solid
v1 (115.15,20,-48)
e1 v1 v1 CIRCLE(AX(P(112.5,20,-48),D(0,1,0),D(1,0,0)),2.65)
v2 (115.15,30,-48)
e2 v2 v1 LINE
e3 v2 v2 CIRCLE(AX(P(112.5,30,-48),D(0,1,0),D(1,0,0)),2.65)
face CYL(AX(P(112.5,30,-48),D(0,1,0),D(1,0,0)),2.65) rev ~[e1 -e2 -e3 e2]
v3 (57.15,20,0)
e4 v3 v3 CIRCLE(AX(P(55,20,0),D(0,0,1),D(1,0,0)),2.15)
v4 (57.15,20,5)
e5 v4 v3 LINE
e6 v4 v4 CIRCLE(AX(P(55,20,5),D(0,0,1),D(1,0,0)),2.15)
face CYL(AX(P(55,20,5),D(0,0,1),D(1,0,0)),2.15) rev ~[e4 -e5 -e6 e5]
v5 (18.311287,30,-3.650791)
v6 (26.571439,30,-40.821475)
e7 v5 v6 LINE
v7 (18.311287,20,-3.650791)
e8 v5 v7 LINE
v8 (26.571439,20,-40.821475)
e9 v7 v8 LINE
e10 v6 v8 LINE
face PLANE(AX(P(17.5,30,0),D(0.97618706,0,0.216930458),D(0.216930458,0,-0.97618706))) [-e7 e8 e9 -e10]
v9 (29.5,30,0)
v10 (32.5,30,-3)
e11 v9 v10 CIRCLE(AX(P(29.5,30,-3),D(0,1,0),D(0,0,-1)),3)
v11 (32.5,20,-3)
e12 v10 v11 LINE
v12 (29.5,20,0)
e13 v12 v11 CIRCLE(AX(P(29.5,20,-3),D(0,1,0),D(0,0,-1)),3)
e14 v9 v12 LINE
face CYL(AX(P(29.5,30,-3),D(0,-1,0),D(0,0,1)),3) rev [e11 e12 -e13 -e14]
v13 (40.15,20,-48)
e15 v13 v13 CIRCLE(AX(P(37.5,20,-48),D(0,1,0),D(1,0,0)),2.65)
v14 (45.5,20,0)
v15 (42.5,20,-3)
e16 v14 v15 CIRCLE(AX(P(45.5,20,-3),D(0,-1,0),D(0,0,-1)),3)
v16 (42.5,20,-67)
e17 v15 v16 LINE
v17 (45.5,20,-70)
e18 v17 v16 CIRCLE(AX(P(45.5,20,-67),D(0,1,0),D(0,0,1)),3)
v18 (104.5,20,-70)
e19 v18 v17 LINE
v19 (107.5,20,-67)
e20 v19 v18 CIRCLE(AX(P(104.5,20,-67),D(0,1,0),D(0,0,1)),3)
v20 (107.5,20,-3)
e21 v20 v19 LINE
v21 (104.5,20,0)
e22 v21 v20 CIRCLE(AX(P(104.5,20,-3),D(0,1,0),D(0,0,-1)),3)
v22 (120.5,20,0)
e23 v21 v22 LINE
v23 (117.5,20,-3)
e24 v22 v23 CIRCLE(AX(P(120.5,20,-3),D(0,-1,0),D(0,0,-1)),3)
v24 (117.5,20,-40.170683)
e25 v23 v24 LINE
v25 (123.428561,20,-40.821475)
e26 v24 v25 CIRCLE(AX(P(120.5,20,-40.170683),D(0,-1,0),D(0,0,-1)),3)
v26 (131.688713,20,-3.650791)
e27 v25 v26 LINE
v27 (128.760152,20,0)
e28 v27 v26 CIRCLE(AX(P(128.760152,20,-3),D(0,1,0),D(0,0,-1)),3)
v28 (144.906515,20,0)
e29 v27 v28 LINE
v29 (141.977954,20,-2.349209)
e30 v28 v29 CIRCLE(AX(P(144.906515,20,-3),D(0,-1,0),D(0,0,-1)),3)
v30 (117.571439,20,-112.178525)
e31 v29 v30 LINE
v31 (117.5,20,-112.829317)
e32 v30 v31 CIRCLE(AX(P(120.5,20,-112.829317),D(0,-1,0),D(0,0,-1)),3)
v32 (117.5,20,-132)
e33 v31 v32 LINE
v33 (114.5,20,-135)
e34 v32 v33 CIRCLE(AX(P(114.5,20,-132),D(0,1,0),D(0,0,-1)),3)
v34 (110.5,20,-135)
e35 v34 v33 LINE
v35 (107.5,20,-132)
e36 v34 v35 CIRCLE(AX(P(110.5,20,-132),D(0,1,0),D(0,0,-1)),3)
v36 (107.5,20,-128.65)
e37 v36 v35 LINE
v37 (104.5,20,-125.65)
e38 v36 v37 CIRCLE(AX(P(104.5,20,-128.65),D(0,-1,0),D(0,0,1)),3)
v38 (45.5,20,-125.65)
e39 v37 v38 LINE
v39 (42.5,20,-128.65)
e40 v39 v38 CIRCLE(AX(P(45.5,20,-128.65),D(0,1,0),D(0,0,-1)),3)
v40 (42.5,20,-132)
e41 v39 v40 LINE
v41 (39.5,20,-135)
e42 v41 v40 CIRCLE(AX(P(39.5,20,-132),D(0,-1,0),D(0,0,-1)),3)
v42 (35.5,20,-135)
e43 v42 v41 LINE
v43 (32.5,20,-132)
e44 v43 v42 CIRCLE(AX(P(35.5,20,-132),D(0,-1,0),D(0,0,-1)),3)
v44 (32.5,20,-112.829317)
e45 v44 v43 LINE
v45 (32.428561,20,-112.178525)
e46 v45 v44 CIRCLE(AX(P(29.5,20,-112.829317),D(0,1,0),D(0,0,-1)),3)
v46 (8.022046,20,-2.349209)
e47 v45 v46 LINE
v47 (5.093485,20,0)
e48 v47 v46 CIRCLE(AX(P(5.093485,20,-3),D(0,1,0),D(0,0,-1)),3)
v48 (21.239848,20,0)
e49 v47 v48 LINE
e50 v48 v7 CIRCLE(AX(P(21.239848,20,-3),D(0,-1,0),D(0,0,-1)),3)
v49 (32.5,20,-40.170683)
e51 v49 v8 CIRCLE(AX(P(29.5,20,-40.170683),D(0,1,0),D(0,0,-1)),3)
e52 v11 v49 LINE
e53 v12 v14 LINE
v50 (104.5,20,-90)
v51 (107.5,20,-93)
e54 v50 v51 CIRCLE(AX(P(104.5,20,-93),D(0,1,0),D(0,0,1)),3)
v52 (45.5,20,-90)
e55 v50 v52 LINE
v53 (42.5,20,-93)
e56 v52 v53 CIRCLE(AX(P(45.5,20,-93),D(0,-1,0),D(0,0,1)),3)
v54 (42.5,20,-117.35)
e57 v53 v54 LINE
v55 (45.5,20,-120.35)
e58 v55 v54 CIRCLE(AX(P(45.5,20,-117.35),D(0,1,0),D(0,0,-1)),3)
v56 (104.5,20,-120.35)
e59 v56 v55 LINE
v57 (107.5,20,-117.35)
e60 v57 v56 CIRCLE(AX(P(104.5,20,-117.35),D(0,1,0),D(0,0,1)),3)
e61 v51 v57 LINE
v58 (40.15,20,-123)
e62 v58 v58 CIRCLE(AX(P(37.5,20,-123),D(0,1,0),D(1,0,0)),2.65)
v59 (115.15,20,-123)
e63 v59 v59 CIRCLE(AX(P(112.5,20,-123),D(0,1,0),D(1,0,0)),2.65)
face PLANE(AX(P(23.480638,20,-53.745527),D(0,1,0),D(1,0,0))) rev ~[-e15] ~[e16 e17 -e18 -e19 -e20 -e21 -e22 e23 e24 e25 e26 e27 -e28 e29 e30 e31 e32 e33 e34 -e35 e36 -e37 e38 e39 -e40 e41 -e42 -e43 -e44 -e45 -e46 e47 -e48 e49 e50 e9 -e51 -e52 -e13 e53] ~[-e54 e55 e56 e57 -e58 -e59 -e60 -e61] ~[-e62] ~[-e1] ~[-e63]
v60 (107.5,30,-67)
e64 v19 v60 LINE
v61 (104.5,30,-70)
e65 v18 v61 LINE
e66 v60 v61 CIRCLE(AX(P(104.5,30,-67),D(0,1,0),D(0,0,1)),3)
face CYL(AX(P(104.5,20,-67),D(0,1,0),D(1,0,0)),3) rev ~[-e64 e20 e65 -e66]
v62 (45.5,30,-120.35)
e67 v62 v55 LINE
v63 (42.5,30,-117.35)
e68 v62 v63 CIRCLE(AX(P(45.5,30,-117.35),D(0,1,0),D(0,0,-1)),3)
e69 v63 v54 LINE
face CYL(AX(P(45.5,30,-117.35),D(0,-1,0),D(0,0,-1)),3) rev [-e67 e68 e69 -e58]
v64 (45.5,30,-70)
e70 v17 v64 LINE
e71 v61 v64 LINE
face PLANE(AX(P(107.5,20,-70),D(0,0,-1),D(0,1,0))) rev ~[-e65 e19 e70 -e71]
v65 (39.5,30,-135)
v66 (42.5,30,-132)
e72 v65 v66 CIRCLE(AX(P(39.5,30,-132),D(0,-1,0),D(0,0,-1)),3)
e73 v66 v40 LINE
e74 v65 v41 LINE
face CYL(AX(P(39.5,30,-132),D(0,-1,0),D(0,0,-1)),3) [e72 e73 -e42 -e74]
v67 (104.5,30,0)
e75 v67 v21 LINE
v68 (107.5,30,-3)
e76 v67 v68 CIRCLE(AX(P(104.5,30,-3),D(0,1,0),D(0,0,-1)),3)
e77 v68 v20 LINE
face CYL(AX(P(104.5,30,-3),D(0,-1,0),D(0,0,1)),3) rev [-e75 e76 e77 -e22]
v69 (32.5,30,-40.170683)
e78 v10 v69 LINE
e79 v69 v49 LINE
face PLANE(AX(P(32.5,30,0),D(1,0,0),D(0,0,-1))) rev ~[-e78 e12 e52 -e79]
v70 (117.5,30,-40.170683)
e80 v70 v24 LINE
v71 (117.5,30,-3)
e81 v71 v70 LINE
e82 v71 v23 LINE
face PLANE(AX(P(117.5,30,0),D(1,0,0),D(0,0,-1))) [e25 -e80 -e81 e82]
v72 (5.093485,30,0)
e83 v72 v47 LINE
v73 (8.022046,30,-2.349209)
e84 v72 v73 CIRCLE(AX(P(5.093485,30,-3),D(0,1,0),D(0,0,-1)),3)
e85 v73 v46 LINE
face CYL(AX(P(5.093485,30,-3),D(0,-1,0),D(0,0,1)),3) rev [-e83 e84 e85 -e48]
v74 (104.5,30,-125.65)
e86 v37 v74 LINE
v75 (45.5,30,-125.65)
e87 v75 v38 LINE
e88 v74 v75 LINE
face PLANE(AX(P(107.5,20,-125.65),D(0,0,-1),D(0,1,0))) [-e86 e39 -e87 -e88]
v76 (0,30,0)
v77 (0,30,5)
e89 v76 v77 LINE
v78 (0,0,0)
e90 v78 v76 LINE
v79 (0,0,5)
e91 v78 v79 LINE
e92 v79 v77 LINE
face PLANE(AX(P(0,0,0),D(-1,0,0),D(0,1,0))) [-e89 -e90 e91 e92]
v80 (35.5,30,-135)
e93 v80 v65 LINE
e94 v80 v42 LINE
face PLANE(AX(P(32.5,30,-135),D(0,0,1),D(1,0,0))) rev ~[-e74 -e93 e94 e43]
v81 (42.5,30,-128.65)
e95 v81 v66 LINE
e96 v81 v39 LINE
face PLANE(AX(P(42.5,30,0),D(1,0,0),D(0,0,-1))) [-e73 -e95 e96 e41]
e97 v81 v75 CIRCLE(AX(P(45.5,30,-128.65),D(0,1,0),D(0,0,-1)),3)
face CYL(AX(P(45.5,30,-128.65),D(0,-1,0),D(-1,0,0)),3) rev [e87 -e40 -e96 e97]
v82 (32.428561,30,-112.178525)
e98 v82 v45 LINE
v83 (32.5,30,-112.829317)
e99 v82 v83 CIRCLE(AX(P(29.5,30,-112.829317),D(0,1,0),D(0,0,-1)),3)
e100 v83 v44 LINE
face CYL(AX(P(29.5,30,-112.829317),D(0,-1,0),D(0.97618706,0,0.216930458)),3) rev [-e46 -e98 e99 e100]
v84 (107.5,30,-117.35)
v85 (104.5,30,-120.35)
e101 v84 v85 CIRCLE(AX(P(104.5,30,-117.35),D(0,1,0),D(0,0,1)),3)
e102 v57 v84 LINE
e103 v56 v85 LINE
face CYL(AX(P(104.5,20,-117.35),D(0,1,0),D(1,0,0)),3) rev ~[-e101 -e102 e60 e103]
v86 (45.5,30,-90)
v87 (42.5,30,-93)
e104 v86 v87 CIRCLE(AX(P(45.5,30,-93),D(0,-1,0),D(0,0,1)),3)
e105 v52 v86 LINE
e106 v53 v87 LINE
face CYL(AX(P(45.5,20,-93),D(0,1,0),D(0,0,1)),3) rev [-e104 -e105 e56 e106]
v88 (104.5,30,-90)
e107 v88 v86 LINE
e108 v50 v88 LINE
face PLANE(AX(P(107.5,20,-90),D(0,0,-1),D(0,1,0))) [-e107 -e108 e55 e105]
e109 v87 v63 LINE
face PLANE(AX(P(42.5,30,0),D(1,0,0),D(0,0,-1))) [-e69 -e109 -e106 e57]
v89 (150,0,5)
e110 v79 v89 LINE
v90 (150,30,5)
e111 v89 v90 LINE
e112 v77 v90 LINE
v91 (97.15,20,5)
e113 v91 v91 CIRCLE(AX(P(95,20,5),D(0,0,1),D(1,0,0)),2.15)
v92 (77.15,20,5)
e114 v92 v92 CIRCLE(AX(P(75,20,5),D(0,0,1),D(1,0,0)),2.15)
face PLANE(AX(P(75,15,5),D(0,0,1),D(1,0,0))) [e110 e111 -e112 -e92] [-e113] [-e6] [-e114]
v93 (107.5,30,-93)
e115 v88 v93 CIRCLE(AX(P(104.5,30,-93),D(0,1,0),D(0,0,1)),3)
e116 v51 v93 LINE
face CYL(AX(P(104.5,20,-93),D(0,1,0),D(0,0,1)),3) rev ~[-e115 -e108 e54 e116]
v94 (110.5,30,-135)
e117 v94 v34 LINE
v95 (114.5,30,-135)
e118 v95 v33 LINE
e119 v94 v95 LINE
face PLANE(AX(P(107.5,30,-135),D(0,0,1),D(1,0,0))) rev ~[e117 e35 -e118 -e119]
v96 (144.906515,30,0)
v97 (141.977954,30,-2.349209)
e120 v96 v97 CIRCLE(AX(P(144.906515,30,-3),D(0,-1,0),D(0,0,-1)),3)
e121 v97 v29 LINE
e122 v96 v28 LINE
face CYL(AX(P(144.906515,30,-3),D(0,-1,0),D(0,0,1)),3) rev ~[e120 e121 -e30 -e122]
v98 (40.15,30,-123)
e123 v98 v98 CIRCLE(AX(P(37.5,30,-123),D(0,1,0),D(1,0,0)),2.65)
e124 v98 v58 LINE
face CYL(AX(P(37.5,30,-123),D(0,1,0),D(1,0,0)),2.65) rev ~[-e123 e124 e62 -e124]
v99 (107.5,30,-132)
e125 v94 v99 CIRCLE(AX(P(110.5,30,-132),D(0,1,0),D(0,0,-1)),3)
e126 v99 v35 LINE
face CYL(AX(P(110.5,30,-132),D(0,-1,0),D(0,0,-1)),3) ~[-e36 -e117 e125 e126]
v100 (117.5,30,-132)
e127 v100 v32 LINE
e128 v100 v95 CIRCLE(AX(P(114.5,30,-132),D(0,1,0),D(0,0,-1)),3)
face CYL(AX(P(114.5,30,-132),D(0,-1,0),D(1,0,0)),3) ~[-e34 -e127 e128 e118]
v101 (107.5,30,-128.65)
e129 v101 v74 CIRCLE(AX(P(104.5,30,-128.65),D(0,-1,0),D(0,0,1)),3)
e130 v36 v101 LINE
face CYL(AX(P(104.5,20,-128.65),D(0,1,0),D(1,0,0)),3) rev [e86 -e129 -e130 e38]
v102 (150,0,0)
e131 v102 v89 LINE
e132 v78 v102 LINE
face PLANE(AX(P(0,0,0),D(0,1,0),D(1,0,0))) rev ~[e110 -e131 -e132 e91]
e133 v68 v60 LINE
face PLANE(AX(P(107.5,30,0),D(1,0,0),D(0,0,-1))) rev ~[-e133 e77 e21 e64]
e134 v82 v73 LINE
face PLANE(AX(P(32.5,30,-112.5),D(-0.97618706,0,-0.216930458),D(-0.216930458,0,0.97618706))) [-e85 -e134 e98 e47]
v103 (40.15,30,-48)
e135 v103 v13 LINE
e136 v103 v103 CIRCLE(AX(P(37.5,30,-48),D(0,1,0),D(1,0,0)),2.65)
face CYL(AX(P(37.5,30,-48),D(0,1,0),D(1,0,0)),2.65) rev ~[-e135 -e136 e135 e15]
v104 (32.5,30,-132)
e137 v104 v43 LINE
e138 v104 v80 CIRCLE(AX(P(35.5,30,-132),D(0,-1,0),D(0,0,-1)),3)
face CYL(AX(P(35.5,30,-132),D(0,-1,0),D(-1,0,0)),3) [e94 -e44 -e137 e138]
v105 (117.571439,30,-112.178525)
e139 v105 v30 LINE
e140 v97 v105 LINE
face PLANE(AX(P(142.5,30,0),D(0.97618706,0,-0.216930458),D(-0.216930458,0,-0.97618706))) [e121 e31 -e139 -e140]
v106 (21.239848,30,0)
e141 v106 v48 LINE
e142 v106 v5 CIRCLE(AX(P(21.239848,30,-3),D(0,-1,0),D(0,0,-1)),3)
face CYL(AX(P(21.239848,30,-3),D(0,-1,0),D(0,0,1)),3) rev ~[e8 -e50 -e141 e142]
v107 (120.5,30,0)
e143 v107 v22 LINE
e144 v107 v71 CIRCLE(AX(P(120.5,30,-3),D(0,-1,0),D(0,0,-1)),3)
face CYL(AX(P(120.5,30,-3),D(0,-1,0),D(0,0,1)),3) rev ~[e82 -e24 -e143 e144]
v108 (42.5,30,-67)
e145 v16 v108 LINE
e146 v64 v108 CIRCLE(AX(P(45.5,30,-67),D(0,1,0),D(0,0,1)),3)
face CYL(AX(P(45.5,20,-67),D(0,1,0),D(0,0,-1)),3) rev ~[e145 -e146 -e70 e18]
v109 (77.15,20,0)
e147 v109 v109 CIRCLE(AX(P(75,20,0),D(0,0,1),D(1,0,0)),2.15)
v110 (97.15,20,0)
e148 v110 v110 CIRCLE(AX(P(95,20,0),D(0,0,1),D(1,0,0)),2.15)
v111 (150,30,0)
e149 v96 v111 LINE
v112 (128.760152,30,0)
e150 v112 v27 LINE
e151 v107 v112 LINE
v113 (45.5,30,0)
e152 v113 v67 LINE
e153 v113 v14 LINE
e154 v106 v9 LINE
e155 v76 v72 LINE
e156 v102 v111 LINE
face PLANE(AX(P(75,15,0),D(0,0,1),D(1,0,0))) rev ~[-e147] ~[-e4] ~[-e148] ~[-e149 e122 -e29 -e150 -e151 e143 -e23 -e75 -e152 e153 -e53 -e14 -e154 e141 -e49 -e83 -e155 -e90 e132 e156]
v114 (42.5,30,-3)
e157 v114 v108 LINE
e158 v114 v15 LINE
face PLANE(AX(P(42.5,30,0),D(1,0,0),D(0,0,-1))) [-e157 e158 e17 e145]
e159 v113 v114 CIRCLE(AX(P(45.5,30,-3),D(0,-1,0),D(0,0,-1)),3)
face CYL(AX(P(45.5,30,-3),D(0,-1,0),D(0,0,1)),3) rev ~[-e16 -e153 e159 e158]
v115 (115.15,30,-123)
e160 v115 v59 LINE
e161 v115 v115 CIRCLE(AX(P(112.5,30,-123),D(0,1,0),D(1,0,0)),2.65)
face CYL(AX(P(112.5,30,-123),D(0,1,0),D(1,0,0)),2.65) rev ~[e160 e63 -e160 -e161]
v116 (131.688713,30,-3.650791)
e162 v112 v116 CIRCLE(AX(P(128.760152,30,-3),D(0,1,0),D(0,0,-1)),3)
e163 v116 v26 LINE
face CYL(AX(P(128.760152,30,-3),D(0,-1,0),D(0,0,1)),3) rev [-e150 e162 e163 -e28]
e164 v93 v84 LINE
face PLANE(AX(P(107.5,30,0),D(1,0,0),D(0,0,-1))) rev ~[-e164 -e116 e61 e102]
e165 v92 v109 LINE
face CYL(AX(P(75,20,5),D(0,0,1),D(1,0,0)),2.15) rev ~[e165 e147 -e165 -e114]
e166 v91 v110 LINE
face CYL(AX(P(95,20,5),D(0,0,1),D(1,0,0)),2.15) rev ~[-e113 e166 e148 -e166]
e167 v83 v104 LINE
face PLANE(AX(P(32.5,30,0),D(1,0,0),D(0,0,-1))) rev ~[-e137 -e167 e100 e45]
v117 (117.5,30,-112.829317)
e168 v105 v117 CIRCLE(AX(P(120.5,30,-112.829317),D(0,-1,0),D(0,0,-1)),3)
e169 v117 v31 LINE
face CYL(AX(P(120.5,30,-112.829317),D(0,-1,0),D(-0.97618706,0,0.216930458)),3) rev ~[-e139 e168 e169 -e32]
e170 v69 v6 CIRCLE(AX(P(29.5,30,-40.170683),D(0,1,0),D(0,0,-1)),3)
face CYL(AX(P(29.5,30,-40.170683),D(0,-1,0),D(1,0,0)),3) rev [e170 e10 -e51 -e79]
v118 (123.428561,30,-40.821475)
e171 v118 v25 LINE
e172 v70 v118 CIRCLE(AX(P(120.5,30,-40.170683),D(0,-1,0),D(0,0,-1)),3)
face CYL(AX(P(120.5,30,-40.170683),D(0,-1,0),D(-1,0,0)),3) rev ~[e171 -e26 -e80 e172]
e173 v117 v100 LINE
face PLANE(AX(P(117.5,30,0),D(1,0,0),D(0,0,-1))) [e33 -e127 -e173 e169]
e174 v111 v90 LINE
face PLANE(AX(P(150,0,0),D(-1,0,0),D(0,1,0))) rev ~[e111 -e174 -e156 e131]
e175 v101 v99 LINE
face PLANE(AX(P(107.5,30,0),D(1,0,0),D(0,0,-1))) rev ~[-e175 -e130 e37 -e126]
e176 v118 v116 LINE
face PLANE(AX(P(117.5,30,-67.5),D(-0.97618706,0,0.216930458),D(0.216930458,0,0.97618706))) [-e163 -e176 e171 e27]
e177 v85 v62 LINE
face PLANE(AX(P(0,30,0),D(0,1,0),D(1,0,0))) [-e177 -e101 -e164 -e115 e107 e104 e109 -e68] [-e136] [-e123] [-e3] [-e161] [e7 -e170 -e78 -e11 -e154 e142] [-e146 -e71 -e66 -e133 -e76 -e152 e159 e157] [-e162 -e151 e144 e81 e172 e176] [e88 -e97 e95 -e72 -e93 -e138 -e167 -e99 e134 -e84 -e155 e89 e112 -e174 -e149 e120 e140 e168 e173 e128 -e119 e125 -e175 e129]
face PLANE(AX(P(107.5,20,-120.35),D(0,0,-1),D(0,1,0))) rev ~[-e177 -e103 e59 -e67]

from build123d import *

# Parameters (mm, degrees)
SKETCH1_W           = 150
SKETCH1_H           = 30
BOSS_EXTRUDE1_DEPTH = 5
SKETCH2_R           = 2.15
CUT_EXTRUDE1_DEPTH  = 6
SKETCH3_W           = 10
SKETCH3_H           = 135
BOSS_EXTRUDE2_DEPTH = 10
BOSS_EXTRUDE3_DEPTH = 10
SKETCH6_W           = 20
SKETCH6_H           = 10
BOSS_EXTRUDE4_DEPTH = 65
SKETCH5_R           = 2.65
CUT_EXTRUDE3_DEPTH  = 10
BOSS_EXTRUDE5_REACH = 109.5
SKETCH7_W           = 5.3
SKETCH7_H           = 10
FILLET1_R           = 3
FILLET2_R           = 3


with BuildPart() as part:
    # Sketch1 → Boss-Extrude1 (new body)
    with BuildSketch(Plane.XY):
        with Locations((75, 15)):
            Rectangle(SKETCH1_W, SKETCH1_H)
    extrude(amount=BOSS_EXTRUDE1_DEPTH)

    # Sketch2 → Cut-Extrude1 (cut, through all)
    with BuildSketch(Plane.XY.offset(5)):
        with Locations((75, 20)):
            Circle(SKETCH2_R)
        with Locations((55, 20)):
            Circle(SKETCH2_R)
        with Locations((95, 20)):
            Circle(SKETCH2_R)
    extrude(amount=-CUT_EXTRUDE1_DEPTH, mode=Mode.SUBTRACT)

    # Sketch3 → Boss-Extrude2 (add)
    with BuildSketch(Plane(origin=(0, 30, 0), x_dir=(1, 0, 0), z_dir=(0, 1, 0))):
        with Locations((112.5, 67.5)):
            Rectangle(SKETCH3_W, SKETCH3_H)
        with Locations((37.5, 67.5)):
            Rectangle(SKETCH3_W, SKETCH3_H)
    extrude(amount=-BOSS_EXTRUDE2_DEPTH)

    # Sketch4 → Boss-Extrude3 (add)
    with BuildSketch(Plane(origin=(0, 30, 0), x_dir=(1, 0, 0), z_dir=(0, 1, 0))):
        Polygon((32.5, 67.5), (32.5, 112.5), (7.5, 0), (17.5, 0), align=None)
        Polygon((117.5, 112.5), (117.5, 67.5), (132.5, 0), (142.5, 0), align=None)
    extrude(amount=-BOSS_EXTRUDE3_DEPTH)

    # Sketch6 → Boss-Extrude4 (add)
    with BuildSketch(Plane.ZY.offset(-107.5)):
        with Locations((-80, 25)):
            Rectangle(SKETCH6_W, SKETCH6_H)
    extrude(amount=BOSS_EXTRUDE4_DEPTH)

    # Sketch5 → Cut-Extrude3 (cut)
    with BuildSketch(Plane(origin=(0, 30, 0), x_dir=(1, 0, 0), z_dir=(0, 1, 0))):
        with Locations((37.5, 48)):
            Circle(SKETCH5_R)
        with Locations((112.5, 48)):
            Circle(SKETCH5_R)
        with Locations((112.5, 123)):
            Circle(SKETCH5_R)
        with Locations((37.5, 123)):
            Circle(SKETCH5_R)
    extrude(amount=-CUT_EXTRUDE3_DEPTH, mode=Mode.SUBTRACT)

    # Sketch7 → Boss-Extrude5 (add, up to next)
    with BuildSketch(Plane.ZY.offset(-107.5), mode=Mode.PRIVATE) as boss_extrude5_sk1:
        with Locations((-123, 25)):
            Rectangle(SKETCH7_W, SKETCH7_H)
    boss_extrude5_tool1 = extrude(boss_extrude5_sk1.sketch, amount=BOSS_EXTRUDE5_REACH, mode=Mode.PRIVATE) - part.part
    add(boss_extrude5_tool1.solids().sort_by_distance((107.5, 25, -123))[0])

    # Fillet1
    fillet1_edges = [part.edges().sort_by_distance(p)[0] for p in [
        (42.5, 25, -125.65),
        (107.5, 25, -125.65),
        (32.5, 25, -135),
        (42.5, 25, -135),
        (42.5, 25, 0),
        (32.5, 25, 0),
        (117.5, 25, 0),
        (107.5, 25, 0),
        (107.5, 25, -135),
        (117.5, 25, -135),
        (32.5, 25, -67.5),
        (32.5, 25, -112.5),
        (7.5, 25, 0),
        (17.5, 25, 0),
        (117.5, 25, -112.5),
        (142.5, 25, 0),
        (132.5, 25, 0),
        (117.5, 25, -67.5),
        (42.5, 25, -70),
        (107.5, 25, -70),
    ]]
    fillet(fillet1_edges, radius=FILLET1_R)

    # Fillet2
    fillet2_edges = [part.edges().sort_by_distance(p)[0] for p in [
        (42.5, 25, -120.35),
        (107.5, 25, -120.35),
        (42.5, 25, -90),
        (107.5, 25, -90),
    ]]
    fillet(fillet2_edges, radius=FILLET2_R)


solid = part.part
